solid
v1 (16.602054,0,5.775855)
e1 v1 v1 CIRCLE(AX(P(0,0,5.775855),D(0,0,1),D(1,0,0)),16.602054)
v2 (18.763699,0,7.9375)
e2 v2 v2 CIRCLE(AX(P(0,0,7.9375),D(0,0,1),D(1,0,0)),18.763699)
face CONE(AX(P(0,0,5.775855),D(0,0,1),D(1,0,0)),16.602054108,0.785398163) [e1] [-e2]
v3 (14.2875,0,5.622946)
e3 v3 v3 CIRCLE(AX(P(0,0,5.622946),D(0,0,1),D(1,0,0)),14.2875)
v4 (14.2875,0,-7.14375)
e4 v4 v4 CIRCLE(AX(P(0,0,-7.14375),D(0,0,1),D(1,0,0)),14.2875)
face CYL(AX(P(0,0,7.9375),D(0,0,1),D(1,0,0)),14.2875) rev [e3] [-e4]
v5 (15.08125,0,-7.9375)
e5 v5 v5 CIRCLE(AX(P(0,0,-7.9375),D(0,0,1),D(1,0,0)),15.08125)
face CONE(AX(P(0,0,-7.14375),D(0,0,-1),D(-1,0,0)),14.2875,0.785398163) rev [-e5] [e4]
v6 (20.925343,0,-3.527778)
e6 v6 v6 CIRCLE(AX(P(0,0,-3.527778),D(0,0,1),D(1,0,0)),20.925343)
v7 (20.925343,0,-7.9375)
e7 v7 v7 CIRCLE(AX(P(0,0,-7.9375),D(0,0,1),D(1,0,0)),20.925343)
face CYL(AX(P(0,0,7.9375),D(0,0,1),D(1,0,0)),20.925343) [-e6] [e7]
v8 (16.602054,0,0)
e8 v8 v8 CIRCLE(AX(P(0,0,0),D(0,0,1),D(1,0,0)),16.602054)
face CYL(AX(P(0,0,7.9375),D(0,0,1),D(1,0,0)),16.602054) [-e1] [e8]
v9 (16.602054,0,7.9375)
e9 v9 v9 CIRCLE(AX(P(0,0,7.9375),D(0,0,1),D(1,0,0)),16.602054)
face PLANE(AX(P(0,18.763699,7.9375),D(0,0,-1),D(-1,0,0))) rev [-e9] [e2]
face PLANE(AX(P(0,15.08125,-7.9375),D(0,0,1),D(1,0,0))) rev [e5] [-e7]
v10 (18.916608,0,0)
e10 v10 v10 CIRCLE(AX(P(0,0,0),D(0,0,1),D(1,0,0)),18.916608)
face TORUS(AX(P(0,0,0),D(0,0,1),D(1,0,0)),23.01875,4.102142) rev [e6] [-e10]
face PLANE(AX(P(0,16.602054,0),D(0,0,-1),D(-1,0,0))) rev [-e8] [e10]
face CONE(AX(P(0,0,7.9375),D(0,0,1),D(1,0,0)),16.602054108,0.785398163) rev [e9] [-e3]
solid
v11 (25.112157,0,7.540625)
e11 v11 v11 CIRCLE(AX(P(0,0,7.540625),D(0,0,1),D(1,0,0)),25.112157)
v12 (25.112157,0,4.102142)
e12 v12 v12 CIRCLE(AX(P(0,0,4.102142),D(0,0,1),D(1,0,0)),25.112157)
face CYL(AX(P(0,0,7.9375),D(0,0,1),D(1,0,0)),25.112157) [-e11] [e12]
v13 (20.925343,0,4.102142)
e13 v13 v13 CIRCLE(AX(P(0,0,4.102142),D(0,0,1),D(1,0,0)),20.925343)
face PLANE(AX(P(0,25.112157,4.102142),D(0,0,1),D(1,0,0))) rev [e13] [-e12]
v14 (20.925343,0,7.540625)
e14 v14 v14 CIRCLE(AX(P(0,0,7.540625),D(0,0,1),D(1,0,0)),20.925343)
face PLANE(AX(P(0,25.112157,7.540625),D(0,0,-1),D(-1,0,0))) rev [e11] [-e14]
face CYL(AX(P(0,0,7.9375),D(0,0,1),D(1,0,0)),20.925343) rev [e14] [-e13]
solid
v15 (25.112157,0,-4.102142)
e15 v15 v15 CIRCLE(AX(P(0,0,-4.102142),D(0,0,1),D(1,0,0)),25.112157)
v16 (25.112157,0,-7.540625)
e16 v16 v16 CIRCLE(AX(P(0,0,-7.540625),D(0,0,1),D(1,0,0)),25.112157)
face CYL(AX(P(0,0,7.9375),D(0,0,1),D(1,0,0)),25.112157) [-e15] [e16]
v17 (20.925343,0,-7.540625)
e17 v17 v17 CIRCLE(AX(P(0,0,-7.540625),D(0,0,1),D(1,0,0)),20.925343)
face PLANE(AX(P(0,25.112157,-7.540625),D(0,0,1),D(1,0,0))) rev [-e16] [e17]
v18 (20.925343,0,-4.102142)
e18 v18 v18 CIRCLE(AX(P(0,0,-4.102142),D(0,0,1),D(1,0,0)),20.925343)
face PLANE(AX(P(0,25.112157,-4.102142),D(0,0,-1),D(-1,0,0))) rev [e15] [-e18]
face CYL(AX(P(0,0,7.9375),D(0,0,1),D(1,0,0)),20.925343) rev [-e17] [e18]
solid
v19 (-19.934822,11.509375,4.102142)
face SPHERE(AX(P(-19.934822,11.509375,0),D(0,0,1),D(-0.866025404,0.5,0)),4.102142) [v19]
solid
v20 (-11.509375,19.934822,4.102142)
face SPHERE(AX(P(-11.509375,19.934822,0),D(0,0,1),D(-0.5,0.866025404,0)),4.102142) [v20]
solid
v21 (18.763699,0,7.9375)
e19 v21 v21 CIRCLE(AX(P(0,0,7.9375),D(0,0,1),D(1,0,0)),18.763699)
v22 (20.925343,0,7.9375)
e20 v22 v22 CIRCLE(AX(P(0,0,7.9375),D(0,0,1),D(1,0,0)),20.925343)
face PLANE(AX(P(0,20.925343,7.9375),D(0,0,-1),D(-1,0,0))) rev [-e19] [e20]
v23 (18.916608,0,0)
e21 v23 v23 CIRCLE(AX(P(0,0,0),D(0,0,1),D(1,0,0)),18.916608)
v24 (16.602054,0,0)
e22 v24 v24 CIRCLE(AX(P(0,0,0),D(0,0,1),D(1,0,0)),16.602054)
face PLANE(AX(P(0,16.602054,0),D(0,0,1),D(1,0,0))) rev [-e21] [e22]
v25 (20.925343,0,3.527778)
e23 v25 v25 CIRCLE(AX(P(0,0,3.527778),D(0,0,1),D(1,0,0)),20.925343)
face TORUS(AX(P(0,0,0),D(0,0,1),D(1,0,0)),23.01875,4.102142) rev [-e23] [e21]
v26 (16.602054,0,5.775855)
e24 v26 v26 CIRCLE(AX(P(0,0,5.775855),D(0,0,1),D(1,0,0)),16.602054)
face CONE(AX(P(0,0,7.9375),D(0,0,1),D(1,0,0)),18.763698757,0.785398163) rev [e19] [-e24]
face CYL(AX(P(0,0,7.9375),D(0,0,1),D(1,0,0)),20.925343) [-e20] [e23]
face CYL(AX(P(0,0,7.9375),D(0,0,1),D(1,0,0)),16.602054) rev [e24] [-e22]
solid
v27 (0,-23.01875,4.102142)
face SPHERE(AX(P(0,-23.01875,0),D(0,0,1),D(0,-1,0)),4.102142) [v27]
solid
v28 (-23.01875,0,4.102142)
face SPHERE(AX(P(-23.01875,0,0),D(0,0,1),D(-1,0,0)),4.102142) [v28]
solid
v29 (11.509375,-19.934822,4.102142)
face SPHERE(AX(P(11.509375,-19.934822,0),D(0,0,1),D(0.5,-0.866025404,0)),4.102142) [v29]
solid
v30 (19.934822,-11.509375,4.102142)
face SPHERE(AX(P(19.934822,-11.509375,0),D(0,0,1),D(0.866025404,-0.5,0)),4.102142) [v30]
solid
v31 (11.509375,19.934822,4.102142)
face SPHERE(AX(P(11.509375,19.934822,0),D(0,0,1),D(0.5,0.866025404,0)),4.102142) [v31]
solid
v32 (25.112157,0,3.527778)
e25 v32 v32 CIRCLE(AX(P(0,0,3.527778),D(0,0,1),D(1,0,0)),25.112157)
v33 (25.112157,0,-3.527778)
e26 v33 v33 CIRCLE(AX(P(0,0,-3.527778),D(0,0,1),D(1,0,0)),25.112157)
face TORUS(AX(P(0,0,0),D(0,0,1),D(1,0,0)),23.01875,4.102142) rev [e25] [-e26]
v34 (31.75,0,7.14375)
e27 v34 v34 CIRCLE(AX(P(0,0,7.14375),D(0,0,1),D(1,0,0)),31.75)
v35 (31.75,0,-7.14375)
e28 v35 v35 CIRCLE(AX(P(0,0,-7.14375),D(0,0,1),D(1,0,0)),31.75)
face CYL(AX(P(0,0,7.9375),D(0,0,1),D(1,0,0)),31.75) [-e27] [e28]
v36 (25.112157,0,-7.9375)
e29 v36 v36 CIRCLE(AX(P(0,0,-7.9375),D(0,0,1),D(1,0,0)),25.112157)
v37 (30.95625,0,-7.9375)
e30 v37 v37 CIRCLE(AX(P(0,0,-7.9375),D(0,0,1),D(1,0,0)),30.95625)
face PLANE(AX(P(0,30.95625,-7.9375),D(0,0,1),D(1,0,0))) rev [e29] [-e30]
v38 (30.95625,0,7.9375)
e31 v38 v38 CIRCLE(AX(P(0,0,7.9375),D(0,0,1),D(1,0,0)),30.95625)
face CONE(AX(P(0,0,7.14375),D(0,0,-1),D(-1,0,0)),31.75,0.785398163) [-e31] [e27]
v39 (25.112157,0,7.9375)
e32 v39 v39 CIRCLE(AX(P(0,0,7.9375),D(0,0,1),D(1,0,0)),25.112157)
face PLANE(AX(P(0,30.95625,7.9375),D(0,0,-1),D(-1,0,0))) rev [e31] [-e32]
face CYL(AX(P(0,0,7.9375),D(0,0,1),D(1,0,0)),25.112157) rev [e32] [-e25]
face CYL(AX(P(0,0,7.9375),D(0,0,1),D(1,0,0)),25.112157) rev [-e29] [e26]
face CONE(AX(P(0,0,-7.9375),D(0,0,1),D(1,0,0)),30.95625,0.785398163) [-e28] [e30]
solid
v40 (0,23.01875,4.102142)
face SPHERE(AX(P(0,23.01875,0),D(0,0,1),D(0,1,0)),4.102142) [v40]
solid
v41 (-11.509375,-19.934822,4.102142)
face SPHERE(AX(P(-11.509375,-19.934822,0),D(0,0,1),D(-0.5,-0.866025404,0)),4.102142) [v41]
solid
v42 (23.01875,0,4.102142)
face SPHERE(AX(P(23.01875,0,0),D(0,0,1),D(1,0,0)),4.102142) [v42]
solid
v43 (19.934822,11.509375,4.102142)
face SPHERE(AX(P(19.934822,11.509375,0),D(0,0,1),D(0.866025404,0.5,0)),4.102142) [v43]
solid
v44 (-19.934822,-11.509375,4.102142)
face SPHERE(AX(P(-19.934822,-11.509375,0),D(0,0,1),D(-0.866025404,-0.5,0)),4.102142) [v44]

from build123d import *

# Parameters (mm, degrees)
CIRPATTERN1_COUNT = 12
SKETCH5_W         = 3.438483216
SKETCH5_H         = 4.186813186


with BuildPart() as part:
    # Sketch1 → Revolve1 (revolve)
    with BuildSketch(Plane(origin=(0, 0, 0), x_dir=(0, 0, -1), z_dir=(1, 0, 0))):
        with BuildLine():
            Line((7.14375, 31.75), (-7.14375, 31.75))
            Line((-7.14375, 31.75), (-7.9375, 30.95625))
            Line((-7.9375, 30.95625), (-7.9375, 25.112156593))
            Line((-7.9375, 25.112156593), (-3.527777778, 25.112156593))
            ThreePointArc((-3.527777778, 25.112156593), (0, 27.120891784), (3.527777778, 25.112156593))
            Line((3.527777778, 25.112156593), (7.9375, 25.112156593))
            Line((7.9375, 25.112156593), (7.9375, 30.95625))
            Line((7.9375, 30.95625), (7.14375, 31.75))
        make_face()
    revolve(axis=Axis((0, 0, 7.9375), (0, 0, -1)))


with BuildPart() as body_2:
    # Sketch2 → Revolve2 (revolve)
    with BuildSketch(Plane(origin=(0, 0, 0), x_dir=(0, 0, -1), z_dir=(1, 0, 0))):
        with BuildLine():
            Line((-7.9375, 20.925343407), (-3.527777778, 20.925343407))
            ThreePointArc((-3.527777778, 20.925343407), (-2.029792669, 19.45399069), (0, 18.916608216))
            Line((0, 18.916608216), (0, 16.602054108))
            Line((0, 16.602054108), (-5.775855351, 16.602054108))
            Line((-5.775855351, 16.602054108), (-7.9375, 18.763698757))
            Line((-7.9375, 18.763698757), (-7.9375, 20.925343407))
        make_face()
    revolve(axis=Axis((0, 0, 7.9375), (0, 0, -1)))


with BuildPart() as body_3:
    # Sketch3 → Revolve3 (revolve)
    with BuildSketch(Plane(origin=(0, 0, 0), x_dir=(0, 0, -1), z_dir=(1, 0, 0))):
        with BuildLine():
            Line((-7.9375, 18.763698757), (-5.775855351, 16.602054108))
            Line((-5.775855351, 16.602054108), (0, 16.602054108))
            Line((0, 16.602054108), (0, 18.916608216))
            ThreePointArc((0, 18.916608216), (2.029792669, 19.45399069), (3.527777778, 20.925343407))
            Line((3.527777778, 20.925343407), (7.9375, 20.925343407))
            Line((7.9375, 20.925343407), (7.9375, 15.08125))
            Line((7.9375, 15.08125), (7.14375, 14.2875))
            Line((7.14375, 14.2875), (-5.622945892, 14.2875))
            Line((-5.622945892, 14.2875), (-7.9375, 16.602054108))
            Line((-7.9375, 16.602054108), (-7.9375, 18.763698757))
        make_face()
    revolve(axis=Axis((0, 0, 7.9375), (0, 0, -1)))


with BuildPart() as body_4:
    # Sketch4 → Revolve4 (revolve)
    with BuildSketch(Plane(origin=(0, 0, 0), x_dir=(0, 0, -1), z_dir=(1, 0, 0))):
        with BuildLine():
            Line((-4.102141784, 23.01875), (4.102141784, 23.01875))
            ThreePointArc((4.102141784, 23.01875), (0, 27.120891784), (-4.102141784, 23.01875))
        make_face()
    revolve(axis=Axis((0, 23.01875, 4.102141784), (0, 0, -1)))


with BuildPart() as cirpattern1_1:
    # CirPattern1: pattern copy
    add(body_4.part.rotate(Axis((0, 0, -7.9375), (0, 0, 1)), 1 * 360 / CIRPATTERN1_COUNT))


with BuildPart() as cirpattern1_2:
    # CirPattern1: pattern copy
    add(body_4.part.rotate(Axis((0, 0, -7.9375), (0, 0, 1)), 2 * 360 / CIRPATTERN1_COUNT))


with BuildPart() as cirpattern1_3:
    # CirPattern1: pattern copy
    add(body_4.part.rotate(Axis((0, 0, -7.9375), (0, 0, 1)), 3 * 360 / CIRPATTERN1_COUNT))


with BuildPart() as cirpattern1_4:
    # CirPattern1: pattern copy
    add(body_4.part.rotate(Axis((0, 0, -7.9375), (0, 0, 1)), 4 * 360 / CIRPATTERN1_COUNT))


with BuildPart() as cirpattern1_5:
    # CirPattern1: pattern copy
    add(body_4.part.rotate(Axis((0, 0, -7.9375), (0, 0, 1)), 5 * 360 / CIRPATTERN1_COUNT))


with BuildPart() as cirpattern1_6:
    # CirPattern1: pattern copy
    add(body_4.part.rotate(Axis((0, 0, -7.9375), (0, 0, 1)), 6 * 360 / CIRPATTERN1_COUNT))


with BuildPart() as cirpattern1_7:
    # CirPattern1: pattern copy
    add(body_4.part.rotate(Axis((0, 0, -7.9375), (0, 0, 1)), 7 * 360 / CIRPATTERN1_COUNT))


with BuildPart() as cirpattern1_8:
    # CirPattern1: pattern copy
    add(body_4.part.rotate(Axis((0, 0, -7.9375), (0, 0, 1)), 8 * 360 / CIRPATTERN1_COUNT))


with BuildPart() as cirpattern1_9:
    # CirPattern1: pattern copy
    add(body_4.part.rotate(Axis((0, 0, -7.9375), (0, 0, 1)), 9 * 360 / CIRPATTERN1_COUNT))


with BuildPart() as cirpattern1_10:
    # CirPattern1: pattern copy
    add(body_4.part.rotate(Axis((0, 0, -7.9375), (0, 0, 1)), 10 * 360 / CIRPATTERN1_COUNT))


with BuildPart() as cirpattern1_11:
    # CirPattern1: pattern copy
    add(body_4.part.rotate(Axis((0, 0, -7.9375), (0, 0, 1)), 11 * 360 / CIRPATTERN1_COUNT))


with BuildPart() as body_16:
    # Sketch5 → Revolve5 (revolve)
    with BuildSketch(Plane(origin=(0, 0, 0), x_dir=(0, 0, -1), z_dir=(1, 0, 0))):
        with Locations((-5.821383392, 23.01875)):
            Rectangle(SKETCH5_W, SKETCH5_H)
        with Locations((5.821383392, 23.01875)):
            Rectangle(SKETCH5_W, SKETCH5_H)
    revolve(axis=Axis((0, 0, 7.9375), (0, 0, -1)))


solid = Compound([part.part, body_2.part, body_3.part, body_4.part, cirpattern1_1.part, cirpattern1_2.part, cirpattern1_3.part, cirpattern1_4.part, cirpattern1_5.part, cirpattern1_6.part, cirpattern1_7.part, cirpattern1_8.part, cirpattern1_9.part, cirpattern1_10.part, cirpattern1_11.part, body_16.part])
